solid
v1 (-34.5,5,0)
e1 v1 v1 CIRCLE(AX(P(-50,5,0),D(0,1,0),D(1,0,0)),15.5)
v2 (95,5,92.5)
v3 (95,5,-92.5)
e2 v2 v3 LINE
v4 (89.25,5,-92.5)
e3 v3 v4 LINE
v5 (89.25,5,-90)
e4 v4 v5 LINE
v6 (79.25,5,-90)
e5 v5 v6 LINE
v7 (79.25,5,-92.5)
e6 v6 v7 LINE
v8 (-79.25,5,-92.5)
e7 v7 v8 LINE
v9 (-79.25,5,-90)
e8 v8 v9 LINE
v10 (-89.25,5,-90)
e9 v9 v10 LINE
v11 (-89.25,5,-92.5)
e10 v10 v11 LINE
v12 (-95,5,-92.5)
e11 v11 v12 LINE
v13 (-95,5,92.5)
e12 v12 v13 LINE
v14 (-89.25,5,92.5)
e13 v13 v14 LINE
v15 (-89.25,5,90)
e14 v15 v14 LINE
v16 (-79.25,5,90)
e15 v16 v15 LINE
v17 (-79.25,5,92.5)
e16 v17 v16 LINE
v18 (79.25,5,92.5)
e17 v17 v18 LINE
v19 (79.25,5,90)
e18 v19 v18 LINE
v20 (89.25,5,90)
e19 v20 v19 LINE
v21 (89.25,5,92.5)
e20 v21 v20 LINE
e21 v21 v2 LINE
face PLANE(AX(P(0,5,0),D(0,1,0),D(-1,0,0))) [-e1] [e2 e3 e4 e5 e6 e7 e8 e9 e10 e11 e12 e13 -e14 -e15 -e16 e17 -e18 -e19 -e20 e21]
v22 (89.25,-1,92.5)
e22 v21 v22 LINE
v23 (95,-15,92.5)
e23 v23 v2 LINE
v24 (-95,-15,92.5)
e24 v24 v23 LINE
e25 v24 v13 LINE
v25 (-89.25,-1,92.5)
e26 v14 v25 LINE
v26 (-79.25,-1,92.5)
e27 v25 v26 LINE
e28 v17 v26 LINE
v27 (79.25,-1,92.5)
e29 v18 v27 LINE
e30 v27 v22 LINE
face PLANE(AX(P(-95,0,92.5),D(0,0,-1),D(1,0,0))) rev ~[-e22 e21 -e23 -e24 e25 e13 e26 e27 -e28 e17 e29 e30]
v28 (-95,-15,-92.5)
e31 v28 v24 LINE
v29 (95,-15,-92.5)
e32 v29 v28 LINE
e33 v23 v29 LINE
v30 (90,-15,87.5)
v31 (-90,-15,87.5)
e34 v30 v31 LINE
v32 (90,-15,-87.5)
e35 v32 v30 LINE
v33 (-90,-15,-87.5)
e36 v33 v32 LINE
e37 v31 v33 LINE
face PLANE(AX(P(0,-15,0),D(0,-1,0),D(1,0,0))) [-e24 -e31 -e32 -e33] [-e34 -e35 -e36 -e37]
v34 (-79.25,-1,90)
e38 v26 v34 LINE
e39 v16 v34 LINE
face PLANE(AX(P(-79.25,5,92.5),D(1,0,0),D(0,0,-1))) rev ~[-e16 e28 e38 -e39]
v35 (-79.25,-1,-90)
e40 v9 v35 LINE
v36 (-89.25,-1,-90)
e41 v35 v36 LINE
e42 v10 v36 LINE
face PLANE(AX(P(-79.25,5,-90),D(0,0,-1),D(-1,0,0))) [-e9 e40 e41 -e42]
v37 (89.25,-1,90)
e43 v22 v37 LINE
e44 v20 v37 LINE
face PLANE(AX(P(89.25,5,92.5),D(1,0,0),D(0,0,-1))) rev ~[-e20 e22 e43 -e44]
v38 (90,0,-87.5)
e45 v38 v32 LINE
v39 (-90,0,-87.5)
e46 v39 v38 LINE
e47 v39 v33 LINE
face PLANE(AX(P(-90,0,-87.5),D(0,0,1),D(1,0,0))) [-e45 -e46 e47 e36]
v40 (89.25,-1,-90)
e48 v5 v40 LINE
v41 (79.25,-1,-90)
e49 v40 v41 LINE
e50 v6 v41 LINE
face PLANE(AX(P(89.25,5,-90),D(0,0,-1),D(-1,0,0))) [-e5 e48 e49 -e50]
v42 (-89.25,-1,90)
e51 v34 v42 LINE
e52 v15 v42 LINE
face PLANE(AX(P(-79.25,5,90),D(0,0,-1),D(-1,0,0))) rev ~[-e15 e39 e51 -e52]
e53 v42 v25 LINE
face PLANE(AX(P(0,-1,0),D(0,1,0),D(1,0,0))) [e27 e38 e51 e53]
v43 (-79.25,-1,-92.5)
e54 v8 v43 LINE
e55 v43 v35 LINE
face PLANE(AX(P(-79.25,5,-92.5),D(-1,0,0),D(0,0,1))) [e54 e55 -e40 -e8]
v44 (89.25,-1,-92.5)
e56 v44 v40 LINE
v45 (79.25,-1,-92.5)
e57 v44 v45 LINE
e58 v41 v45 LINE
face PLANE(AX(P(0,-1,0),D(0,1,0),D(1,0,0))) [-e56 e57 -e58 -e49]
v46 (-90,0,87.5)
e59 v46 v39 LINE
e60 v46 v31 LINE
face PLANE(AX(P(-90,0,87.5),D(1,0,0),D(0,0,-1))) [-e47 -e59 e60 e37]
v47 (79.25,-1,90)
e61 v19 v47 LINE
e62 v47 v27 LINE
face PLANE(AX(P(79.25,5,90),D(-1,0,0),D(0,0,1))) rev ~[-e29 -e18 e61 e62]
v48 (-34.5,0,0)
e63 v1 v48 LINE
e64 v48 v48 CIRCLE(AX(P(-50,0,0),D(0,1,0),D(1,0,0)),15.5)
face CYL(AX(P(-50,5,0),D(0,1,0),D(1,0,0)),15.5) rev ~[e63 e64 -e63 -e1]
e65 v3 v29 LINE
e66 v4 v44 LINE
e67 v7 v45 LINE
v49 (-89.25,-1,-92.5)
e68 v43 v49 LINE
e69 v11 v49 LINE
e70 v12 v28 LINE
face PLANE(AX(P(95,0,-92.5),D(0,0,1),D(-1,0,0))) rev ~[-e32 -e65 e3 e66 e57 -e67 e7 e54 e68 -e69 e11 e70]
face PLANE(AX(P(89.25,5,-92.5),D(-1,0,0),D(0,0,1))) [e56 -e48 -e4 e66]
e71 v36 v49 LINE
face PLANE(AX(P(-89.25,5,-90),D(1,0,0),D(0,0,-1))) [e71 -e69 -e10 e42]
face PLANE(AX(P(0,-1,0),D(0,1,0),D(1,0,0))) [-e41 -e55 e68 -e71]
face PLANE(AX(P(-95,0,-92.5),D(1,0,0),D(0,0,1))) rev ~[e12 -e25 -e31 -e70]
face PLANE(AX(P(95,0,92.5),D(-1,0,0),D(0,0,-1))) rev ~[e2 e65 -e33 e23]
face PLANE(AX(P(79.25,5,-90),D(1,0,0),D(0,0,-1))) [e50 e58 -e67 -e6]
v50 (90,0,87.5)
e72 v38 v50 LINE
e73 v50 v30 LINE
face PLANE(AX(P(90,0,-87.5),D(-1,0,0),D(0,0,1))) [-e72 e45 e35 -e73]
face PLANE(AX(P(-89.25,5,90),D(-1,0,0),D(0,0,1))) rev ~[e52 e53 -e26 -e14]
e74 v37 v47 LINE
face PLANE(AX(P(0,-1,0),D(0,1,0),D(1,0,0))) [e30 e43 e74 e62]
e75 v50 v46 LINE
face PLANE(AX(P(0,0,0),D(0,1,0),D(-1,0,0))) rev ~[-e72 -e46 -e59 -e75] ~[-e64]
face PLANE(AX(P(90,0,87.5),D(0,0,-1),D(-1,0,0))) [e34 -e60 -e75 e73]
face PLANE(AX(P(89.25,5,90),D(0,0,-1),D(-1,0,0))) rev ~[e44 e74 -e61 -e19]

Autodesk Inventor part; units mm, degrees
ref_plane "YZ Plane" through (0, 0, 0) normal (1, 0, 0) x (0, 1, 0)
ref_plane "XZ Plane" through (0, 0, 0) normal (0, 1, 0) x (-1, 0, 0)
ref_plane "XY Plane" through (0, 0, 0) normal (0, 0, 1) x (1, 0, 0)
sketch "Sketch1" plane through (0, 0, 0) normal (0, 1, 0) x (-1, 0, 0)
  line L0 (95, 92.5) -> (-95, 92.5)
  line L1 (-95, 92.5) -> (-95, -92.5)
  line L2 (-95, -92.5) -> (95, -92.5)
  line L3 (95, -92.5) -> (95, 92.5)
  point P0 (0, 0)
  dimension "d0" = 190
  dimension "d1" = 185
  dimension "d2" = 95
  dimension "d3" = 92.5
extrude "Extrusion1" add sketch "Sketch1" along normal blind 5
sketch "Sketch2" plane through (0, 0, 0) normal (0, -1, 0) x (1, 0, 0)
  line L0 (90, 87.5) -> (-90, 87.5)
  line L1 (-90, 87.5) -> (-90, -87.5)
  line L2 (-90, -87.5) -> (90, -87.5)
  line L3 (90, -87.5) -> (90, 87.5)
  line L4 (-95, 92.5) -> (95, 92.5) projected
  line L5 (-95, -92.5) -> (-95, 92.5) projected
  line L6 (95, -92.5) -> (-95, -92.5) projected
  line L7 (95, 92.5) -> (95, -92.5) projected
  line L8 (95, 92.5) -> (-95, 92.5)
  line L9 (-95, 92.5) -> (-95, -92.5)
  line L10 (-95, -92.5) -> (95, -92.5)
  line L11 (95, -92.5) -> (95, 92.5)
  point P0 (0, 0)
  dimension "d109" = 5
  dimension "d110" = 5
  dimension "d111" = 5
  dimension "d112" = 5
extrude "Extrusion2" add sketch "Sketch2" along normal blind 15
sketch "Sketch3" plane through (0, 5, 0) normal (0, 1, 0) x (1, 0, 0)
  circle A0 centre (-50, 0) radius 15.5
  point P0 (0, 0)
  dimension "d12" = 31
  dimension "d13" = 50
extrude "Extrusion3" cut sketch "Sketch3" against normal through all
sketch "Sketch4" plane through (0, 5, 0) normal (0, 1, 0) x (1, 0, 0)
  circle A0 centre (-50, 0) radius 15.5 projected
  line L0 (-95, -92.5) -> (95, -92.5) projected
  line L1 (95, -92.5) -> (95, 92.5) projected
  line L2 (95, 92.5) -> (-95, 92.5) projected
  line L3 (-95, 92.5) -> (-95, -92.5) projected
  circle A1 centre (-77.5, -75) radius 7.5
  circle A2 centre (-77.5, 75) radius 7.5
  circle A3 centre (77.5, -75) radius 7.5
  circle A4 centre (77.5, 75) radius 7.5
  circle A5 centre (-77.5, -75) radius 8.5
  circle A6 centre (-77.5, 75) radius 8.5
  circle A7 centre (77.5, 75) radius 8.5
  circle A8 centre (77.5, -75) radius 8.5
  point P0 (0, 0)
  dimension "d16" = 15
  dimension "d17" = 17.5
  dimension "d18" = 17.5
  dimension "d19" = 15
  dimension "d20" = 15
  dimension "d21" = 15
  dimension "d22" = 17.5
  dimension "d23" = 17.5
  dimension "d24" = 17.5
  dimension "d25" = 17.5
  dimension "d26" = 17.5
  dimension "d27" = 17.5
  dimension "d28" = 17
  dimension "d29" = 17
  dimension "d30" = 17
  dimension "d31" = 17
  dimension "d34" = 75
  dimension "d35" = 77.5
extrude "Extrusion4" [suppressed]
sketch "Sketch8" plane through (0, 5, 0) normal (0, 1, 0) x (1, 0, 0)
  circle A0 centre (-50, 0) radius 15.5 projected
  line L0 (-95, -92.5) -> (95, -92.5) projected
  line L1 (95, -92.5) -> (95, 92.5) projected
  line L2 (95, 92.5) -> (-95, 92.5) projected
  line L3 (-95, 92.5) -> (-95, -92.5) projected
  line L4 (-50, 13.5) -> (-50, -13.5)
  line L5 (-50, 13.5) -> (-95, 13.5)
  line L6 (-50, -13.5) -> (-95, -13.5)
  line L7 (-95, -13.5) -> (-95, 13.5)
  point P0 (0, 0)
  dimension "d51" = 27
  dimension "d52" = 13.5
  dimension "d62" = 31
extrude "Extrusion8" [suppressed]
sketch "Sketch10" plane through (-115, 5, -13.5) normal (0, 0, 1) x (1, 0, 0)
  line L0 (5, -20) -> (0, -20) projected
  line L1 (5, -5) -> (5, -20) projected
  line L2 (65, -5) -> (5, -5) projected
  line L3 (65, 0) -> (65, -5) projected
  line L4 (0, 0) -> (65, 0) projected
  line L5 (0, -20) -> (0, 0) projected
  line L6 (5, -17.5) -> (2.5, -17.5)
  line L7 (2.5, -17.5) -> (2.5, -2.5)
  line L8 (2.5, -2.5) -> (5, -2.5)
  line L9 (5, -2.5) -> (5, -17.5)
  line L10 (62.5, -5) -> (2.5, -5)
  line L11 (2.5, -5) -> (2.5, -2.5)
  line L12 (2.5, -2.5) -> (62.5, -2.5)
  line L13 (62.5, -2.5) -> (62.5, -5)
  point P0 (115, -5)
  dimension "d64" = 2.5
  dimension "d65" = 15
  dimension "d67" = 2.5
  dimension "d68" = 2.5
  dimension "d71" = 2.5
  dimension "d72" = 0
extrude "Extrusion10" [suppressed]
mirror "Mirror3" [suppressed]
sketch "Sketch12" plane through (0, 5, 0) normal (0, 1, 0) x (1, 0, 0)
  line L0 (-114.5, 13.5) -> (-109.5, 13.5)
  line L1 (-109.5, 13.5) -> (-109.5, 87.5)
  line L2 (-109.5, 87.5) -> (109.5, 87.5)
  line L3 (109.5, 87.5) -> (109.5, -87.5)
  line L4 (109.5, -87.5) -> (-109.5, -87.5)
  line L5 (-109.5, -87.5) -> (-109.5, -13.5)
  line L6 (-109.5, -13.5) -> (-114.5, -13.5)
  line L7 (-114.5, -13.5) -> (-114.5, -92.5)
  line L8 (-114.5, -92.5) -> (114.5, -92.5)
  line L9 (114.5, -92.5) -> (114.5, 92.5)
  line L10 (114.5, 92.5) -> (-114.5, 92.5)
  line L11 (-114.5, 92.5) -> (-114.5, 13.5)
  line L12 (-89.25, -92.5) -> (-79.25, -92.5)
  line L13 (-79.25, -92.5) -> (-79.25, -90)
  line L14 (-79.25, -90) -> (-89.25, -90)
  line L15 (-89.25, -90) -> (-89.25, -92.5)
  line L16 (79.25, -92.5) -> (89.25, -92.5)
  line L17 (89.25, -92.5) -> (89.25, -90)
  line L18 (89.25, -90) -> (79.25, -90)
  line L19 (79.25, -90) -> (79.25, -92.5)
  line L20 (-89.25, 92.5) -> (-79.25, 92.5)
  line L21 (-79.25, 92.5) -> (-79.25, 90)
  line L22 (-79.25, 90) -> (-89.25, 90)
  line L23 (-89.25, 90) -> (-89.25, 92.5)
  line L24 (79.25, 92.5) -> (89.25, 92.5)
  line L25 (89.25, 92.5) -> (89.25, 90)
  line L26 (89.25, 90) -> (79.25, 90)
  line L27 (79.25, 90) -> (79.25, 92.5)
  point P0 (0, 0)
  point P1 (0, 0)
  dimension "d87" = 10
  dimension "d88" = 2.5
  dimension "d89" = 20.25
  dimension "d90" = 10
  dimension "d91" = 2.5
  dimension "d92" = 20.25
  dimension "d93" = 2.5
  dimension "d94" = 10
  dimension "d95" = 20.25
  dimension "d96" = 2.5
  dimension "d97" = 10
  dimension "d98" = 20.25
  dimension "d113" = 5
  dimension "d114" = 5
  dimension "d115" = 5
  dimension "d116" = 5
  dimension "d117" = 5
  dimension "d118" = 229
  dimension "d119" = 229
  dimension "d120" = 158.5
  dimension "d121" = 79.25
  dimension "d122" = 79.25
extrude "Extrusion12" cut sketch "Sketch12" against normal blind 6 contours L10 L21 L22 L23 | L10 L25 L26 L27 | L8 L19 L18 L17 | L15 L14 L13 L8
sketch "Sketch13" plane through (0, -15, 0) normal (0, -1, 0) x (1, 0, 0)
  line L0 (-90, -87.5) -> (-90, 87.5) projected
  line L1 (-90, 87.5) -> (90, 87.5) projected
  line L2 (90, 87.5) -> (90, -87.5) projected
  line L3 (90, -87.5) -> (-90, -87.5) projected
  line L4 (-95, 92.5) -> (-95, -92.5) projected
  line L5 (-95, -92.5) -> (95, -92.5) projected
  line L6 (95, -92.5) -> (95, 92.5) projected
  line L7 (95, 92.5) -> (-95, 92.5) projected
  line L8 (112.75, -90.25) -> (-112.75, -90.25)
  line L9 (-112.75, -90.25) -> (-112.75, 90.25)
  line L10 (-112.75, 90.25) -> (112.75, 90.25)
  line L11 (112.75, 90.25) -> (112.75, -90.25)
  point P0 (0, 0)
  dimension "d101" = 185
  dimension "d102" = 180.5
  dimension "d104" = 225.5
  dimension "d105" = 112.75
  dimension "d106" = 90.25
extrude "Extrusion13" [suppressed]
equation "\"d2\" = 0.5 * d0"
equation "\"d3\" = 0.5 * d1"
equation "\"d110\" = d109"
equation "\"d111\" = d109"
equation "\"d112\" = d109"
equation "\"d18\" = d17"
equation "\"d19\" = d16"
equation "\"d20\" = d16"
equation "\"d21\" = d16"
equation "\"d22\" = d17"
equation "\"d23\" = d22"
equation "\"d24\" = d17"
equation "\"d25\" = d24"
equation "\"d26\" = d17"
equation "\"d27\" = d26"
equation "\"d29\" = d28"
equation "\"d30\" = d28"
equation "\"d31\" = d28"
equation "\"d52\" = 0.5 * d51"
equation "\"d90\" = d87"
equation "\"d91\" = d88"
equation "\"d92\" = d89"
equation "\"d93\" = d88"
equation "\"d94\" = d87"
equation "\"d95\" = d89"
equation "\"d96\" = d88"
equation "\"d97\" = d87"
equation "\"d98\" = d89"
equation "\"d105\" = 0.5 * d104"
equation "\"d106\" = 0.5 * d102"
properties part number "Bottom Roof"
